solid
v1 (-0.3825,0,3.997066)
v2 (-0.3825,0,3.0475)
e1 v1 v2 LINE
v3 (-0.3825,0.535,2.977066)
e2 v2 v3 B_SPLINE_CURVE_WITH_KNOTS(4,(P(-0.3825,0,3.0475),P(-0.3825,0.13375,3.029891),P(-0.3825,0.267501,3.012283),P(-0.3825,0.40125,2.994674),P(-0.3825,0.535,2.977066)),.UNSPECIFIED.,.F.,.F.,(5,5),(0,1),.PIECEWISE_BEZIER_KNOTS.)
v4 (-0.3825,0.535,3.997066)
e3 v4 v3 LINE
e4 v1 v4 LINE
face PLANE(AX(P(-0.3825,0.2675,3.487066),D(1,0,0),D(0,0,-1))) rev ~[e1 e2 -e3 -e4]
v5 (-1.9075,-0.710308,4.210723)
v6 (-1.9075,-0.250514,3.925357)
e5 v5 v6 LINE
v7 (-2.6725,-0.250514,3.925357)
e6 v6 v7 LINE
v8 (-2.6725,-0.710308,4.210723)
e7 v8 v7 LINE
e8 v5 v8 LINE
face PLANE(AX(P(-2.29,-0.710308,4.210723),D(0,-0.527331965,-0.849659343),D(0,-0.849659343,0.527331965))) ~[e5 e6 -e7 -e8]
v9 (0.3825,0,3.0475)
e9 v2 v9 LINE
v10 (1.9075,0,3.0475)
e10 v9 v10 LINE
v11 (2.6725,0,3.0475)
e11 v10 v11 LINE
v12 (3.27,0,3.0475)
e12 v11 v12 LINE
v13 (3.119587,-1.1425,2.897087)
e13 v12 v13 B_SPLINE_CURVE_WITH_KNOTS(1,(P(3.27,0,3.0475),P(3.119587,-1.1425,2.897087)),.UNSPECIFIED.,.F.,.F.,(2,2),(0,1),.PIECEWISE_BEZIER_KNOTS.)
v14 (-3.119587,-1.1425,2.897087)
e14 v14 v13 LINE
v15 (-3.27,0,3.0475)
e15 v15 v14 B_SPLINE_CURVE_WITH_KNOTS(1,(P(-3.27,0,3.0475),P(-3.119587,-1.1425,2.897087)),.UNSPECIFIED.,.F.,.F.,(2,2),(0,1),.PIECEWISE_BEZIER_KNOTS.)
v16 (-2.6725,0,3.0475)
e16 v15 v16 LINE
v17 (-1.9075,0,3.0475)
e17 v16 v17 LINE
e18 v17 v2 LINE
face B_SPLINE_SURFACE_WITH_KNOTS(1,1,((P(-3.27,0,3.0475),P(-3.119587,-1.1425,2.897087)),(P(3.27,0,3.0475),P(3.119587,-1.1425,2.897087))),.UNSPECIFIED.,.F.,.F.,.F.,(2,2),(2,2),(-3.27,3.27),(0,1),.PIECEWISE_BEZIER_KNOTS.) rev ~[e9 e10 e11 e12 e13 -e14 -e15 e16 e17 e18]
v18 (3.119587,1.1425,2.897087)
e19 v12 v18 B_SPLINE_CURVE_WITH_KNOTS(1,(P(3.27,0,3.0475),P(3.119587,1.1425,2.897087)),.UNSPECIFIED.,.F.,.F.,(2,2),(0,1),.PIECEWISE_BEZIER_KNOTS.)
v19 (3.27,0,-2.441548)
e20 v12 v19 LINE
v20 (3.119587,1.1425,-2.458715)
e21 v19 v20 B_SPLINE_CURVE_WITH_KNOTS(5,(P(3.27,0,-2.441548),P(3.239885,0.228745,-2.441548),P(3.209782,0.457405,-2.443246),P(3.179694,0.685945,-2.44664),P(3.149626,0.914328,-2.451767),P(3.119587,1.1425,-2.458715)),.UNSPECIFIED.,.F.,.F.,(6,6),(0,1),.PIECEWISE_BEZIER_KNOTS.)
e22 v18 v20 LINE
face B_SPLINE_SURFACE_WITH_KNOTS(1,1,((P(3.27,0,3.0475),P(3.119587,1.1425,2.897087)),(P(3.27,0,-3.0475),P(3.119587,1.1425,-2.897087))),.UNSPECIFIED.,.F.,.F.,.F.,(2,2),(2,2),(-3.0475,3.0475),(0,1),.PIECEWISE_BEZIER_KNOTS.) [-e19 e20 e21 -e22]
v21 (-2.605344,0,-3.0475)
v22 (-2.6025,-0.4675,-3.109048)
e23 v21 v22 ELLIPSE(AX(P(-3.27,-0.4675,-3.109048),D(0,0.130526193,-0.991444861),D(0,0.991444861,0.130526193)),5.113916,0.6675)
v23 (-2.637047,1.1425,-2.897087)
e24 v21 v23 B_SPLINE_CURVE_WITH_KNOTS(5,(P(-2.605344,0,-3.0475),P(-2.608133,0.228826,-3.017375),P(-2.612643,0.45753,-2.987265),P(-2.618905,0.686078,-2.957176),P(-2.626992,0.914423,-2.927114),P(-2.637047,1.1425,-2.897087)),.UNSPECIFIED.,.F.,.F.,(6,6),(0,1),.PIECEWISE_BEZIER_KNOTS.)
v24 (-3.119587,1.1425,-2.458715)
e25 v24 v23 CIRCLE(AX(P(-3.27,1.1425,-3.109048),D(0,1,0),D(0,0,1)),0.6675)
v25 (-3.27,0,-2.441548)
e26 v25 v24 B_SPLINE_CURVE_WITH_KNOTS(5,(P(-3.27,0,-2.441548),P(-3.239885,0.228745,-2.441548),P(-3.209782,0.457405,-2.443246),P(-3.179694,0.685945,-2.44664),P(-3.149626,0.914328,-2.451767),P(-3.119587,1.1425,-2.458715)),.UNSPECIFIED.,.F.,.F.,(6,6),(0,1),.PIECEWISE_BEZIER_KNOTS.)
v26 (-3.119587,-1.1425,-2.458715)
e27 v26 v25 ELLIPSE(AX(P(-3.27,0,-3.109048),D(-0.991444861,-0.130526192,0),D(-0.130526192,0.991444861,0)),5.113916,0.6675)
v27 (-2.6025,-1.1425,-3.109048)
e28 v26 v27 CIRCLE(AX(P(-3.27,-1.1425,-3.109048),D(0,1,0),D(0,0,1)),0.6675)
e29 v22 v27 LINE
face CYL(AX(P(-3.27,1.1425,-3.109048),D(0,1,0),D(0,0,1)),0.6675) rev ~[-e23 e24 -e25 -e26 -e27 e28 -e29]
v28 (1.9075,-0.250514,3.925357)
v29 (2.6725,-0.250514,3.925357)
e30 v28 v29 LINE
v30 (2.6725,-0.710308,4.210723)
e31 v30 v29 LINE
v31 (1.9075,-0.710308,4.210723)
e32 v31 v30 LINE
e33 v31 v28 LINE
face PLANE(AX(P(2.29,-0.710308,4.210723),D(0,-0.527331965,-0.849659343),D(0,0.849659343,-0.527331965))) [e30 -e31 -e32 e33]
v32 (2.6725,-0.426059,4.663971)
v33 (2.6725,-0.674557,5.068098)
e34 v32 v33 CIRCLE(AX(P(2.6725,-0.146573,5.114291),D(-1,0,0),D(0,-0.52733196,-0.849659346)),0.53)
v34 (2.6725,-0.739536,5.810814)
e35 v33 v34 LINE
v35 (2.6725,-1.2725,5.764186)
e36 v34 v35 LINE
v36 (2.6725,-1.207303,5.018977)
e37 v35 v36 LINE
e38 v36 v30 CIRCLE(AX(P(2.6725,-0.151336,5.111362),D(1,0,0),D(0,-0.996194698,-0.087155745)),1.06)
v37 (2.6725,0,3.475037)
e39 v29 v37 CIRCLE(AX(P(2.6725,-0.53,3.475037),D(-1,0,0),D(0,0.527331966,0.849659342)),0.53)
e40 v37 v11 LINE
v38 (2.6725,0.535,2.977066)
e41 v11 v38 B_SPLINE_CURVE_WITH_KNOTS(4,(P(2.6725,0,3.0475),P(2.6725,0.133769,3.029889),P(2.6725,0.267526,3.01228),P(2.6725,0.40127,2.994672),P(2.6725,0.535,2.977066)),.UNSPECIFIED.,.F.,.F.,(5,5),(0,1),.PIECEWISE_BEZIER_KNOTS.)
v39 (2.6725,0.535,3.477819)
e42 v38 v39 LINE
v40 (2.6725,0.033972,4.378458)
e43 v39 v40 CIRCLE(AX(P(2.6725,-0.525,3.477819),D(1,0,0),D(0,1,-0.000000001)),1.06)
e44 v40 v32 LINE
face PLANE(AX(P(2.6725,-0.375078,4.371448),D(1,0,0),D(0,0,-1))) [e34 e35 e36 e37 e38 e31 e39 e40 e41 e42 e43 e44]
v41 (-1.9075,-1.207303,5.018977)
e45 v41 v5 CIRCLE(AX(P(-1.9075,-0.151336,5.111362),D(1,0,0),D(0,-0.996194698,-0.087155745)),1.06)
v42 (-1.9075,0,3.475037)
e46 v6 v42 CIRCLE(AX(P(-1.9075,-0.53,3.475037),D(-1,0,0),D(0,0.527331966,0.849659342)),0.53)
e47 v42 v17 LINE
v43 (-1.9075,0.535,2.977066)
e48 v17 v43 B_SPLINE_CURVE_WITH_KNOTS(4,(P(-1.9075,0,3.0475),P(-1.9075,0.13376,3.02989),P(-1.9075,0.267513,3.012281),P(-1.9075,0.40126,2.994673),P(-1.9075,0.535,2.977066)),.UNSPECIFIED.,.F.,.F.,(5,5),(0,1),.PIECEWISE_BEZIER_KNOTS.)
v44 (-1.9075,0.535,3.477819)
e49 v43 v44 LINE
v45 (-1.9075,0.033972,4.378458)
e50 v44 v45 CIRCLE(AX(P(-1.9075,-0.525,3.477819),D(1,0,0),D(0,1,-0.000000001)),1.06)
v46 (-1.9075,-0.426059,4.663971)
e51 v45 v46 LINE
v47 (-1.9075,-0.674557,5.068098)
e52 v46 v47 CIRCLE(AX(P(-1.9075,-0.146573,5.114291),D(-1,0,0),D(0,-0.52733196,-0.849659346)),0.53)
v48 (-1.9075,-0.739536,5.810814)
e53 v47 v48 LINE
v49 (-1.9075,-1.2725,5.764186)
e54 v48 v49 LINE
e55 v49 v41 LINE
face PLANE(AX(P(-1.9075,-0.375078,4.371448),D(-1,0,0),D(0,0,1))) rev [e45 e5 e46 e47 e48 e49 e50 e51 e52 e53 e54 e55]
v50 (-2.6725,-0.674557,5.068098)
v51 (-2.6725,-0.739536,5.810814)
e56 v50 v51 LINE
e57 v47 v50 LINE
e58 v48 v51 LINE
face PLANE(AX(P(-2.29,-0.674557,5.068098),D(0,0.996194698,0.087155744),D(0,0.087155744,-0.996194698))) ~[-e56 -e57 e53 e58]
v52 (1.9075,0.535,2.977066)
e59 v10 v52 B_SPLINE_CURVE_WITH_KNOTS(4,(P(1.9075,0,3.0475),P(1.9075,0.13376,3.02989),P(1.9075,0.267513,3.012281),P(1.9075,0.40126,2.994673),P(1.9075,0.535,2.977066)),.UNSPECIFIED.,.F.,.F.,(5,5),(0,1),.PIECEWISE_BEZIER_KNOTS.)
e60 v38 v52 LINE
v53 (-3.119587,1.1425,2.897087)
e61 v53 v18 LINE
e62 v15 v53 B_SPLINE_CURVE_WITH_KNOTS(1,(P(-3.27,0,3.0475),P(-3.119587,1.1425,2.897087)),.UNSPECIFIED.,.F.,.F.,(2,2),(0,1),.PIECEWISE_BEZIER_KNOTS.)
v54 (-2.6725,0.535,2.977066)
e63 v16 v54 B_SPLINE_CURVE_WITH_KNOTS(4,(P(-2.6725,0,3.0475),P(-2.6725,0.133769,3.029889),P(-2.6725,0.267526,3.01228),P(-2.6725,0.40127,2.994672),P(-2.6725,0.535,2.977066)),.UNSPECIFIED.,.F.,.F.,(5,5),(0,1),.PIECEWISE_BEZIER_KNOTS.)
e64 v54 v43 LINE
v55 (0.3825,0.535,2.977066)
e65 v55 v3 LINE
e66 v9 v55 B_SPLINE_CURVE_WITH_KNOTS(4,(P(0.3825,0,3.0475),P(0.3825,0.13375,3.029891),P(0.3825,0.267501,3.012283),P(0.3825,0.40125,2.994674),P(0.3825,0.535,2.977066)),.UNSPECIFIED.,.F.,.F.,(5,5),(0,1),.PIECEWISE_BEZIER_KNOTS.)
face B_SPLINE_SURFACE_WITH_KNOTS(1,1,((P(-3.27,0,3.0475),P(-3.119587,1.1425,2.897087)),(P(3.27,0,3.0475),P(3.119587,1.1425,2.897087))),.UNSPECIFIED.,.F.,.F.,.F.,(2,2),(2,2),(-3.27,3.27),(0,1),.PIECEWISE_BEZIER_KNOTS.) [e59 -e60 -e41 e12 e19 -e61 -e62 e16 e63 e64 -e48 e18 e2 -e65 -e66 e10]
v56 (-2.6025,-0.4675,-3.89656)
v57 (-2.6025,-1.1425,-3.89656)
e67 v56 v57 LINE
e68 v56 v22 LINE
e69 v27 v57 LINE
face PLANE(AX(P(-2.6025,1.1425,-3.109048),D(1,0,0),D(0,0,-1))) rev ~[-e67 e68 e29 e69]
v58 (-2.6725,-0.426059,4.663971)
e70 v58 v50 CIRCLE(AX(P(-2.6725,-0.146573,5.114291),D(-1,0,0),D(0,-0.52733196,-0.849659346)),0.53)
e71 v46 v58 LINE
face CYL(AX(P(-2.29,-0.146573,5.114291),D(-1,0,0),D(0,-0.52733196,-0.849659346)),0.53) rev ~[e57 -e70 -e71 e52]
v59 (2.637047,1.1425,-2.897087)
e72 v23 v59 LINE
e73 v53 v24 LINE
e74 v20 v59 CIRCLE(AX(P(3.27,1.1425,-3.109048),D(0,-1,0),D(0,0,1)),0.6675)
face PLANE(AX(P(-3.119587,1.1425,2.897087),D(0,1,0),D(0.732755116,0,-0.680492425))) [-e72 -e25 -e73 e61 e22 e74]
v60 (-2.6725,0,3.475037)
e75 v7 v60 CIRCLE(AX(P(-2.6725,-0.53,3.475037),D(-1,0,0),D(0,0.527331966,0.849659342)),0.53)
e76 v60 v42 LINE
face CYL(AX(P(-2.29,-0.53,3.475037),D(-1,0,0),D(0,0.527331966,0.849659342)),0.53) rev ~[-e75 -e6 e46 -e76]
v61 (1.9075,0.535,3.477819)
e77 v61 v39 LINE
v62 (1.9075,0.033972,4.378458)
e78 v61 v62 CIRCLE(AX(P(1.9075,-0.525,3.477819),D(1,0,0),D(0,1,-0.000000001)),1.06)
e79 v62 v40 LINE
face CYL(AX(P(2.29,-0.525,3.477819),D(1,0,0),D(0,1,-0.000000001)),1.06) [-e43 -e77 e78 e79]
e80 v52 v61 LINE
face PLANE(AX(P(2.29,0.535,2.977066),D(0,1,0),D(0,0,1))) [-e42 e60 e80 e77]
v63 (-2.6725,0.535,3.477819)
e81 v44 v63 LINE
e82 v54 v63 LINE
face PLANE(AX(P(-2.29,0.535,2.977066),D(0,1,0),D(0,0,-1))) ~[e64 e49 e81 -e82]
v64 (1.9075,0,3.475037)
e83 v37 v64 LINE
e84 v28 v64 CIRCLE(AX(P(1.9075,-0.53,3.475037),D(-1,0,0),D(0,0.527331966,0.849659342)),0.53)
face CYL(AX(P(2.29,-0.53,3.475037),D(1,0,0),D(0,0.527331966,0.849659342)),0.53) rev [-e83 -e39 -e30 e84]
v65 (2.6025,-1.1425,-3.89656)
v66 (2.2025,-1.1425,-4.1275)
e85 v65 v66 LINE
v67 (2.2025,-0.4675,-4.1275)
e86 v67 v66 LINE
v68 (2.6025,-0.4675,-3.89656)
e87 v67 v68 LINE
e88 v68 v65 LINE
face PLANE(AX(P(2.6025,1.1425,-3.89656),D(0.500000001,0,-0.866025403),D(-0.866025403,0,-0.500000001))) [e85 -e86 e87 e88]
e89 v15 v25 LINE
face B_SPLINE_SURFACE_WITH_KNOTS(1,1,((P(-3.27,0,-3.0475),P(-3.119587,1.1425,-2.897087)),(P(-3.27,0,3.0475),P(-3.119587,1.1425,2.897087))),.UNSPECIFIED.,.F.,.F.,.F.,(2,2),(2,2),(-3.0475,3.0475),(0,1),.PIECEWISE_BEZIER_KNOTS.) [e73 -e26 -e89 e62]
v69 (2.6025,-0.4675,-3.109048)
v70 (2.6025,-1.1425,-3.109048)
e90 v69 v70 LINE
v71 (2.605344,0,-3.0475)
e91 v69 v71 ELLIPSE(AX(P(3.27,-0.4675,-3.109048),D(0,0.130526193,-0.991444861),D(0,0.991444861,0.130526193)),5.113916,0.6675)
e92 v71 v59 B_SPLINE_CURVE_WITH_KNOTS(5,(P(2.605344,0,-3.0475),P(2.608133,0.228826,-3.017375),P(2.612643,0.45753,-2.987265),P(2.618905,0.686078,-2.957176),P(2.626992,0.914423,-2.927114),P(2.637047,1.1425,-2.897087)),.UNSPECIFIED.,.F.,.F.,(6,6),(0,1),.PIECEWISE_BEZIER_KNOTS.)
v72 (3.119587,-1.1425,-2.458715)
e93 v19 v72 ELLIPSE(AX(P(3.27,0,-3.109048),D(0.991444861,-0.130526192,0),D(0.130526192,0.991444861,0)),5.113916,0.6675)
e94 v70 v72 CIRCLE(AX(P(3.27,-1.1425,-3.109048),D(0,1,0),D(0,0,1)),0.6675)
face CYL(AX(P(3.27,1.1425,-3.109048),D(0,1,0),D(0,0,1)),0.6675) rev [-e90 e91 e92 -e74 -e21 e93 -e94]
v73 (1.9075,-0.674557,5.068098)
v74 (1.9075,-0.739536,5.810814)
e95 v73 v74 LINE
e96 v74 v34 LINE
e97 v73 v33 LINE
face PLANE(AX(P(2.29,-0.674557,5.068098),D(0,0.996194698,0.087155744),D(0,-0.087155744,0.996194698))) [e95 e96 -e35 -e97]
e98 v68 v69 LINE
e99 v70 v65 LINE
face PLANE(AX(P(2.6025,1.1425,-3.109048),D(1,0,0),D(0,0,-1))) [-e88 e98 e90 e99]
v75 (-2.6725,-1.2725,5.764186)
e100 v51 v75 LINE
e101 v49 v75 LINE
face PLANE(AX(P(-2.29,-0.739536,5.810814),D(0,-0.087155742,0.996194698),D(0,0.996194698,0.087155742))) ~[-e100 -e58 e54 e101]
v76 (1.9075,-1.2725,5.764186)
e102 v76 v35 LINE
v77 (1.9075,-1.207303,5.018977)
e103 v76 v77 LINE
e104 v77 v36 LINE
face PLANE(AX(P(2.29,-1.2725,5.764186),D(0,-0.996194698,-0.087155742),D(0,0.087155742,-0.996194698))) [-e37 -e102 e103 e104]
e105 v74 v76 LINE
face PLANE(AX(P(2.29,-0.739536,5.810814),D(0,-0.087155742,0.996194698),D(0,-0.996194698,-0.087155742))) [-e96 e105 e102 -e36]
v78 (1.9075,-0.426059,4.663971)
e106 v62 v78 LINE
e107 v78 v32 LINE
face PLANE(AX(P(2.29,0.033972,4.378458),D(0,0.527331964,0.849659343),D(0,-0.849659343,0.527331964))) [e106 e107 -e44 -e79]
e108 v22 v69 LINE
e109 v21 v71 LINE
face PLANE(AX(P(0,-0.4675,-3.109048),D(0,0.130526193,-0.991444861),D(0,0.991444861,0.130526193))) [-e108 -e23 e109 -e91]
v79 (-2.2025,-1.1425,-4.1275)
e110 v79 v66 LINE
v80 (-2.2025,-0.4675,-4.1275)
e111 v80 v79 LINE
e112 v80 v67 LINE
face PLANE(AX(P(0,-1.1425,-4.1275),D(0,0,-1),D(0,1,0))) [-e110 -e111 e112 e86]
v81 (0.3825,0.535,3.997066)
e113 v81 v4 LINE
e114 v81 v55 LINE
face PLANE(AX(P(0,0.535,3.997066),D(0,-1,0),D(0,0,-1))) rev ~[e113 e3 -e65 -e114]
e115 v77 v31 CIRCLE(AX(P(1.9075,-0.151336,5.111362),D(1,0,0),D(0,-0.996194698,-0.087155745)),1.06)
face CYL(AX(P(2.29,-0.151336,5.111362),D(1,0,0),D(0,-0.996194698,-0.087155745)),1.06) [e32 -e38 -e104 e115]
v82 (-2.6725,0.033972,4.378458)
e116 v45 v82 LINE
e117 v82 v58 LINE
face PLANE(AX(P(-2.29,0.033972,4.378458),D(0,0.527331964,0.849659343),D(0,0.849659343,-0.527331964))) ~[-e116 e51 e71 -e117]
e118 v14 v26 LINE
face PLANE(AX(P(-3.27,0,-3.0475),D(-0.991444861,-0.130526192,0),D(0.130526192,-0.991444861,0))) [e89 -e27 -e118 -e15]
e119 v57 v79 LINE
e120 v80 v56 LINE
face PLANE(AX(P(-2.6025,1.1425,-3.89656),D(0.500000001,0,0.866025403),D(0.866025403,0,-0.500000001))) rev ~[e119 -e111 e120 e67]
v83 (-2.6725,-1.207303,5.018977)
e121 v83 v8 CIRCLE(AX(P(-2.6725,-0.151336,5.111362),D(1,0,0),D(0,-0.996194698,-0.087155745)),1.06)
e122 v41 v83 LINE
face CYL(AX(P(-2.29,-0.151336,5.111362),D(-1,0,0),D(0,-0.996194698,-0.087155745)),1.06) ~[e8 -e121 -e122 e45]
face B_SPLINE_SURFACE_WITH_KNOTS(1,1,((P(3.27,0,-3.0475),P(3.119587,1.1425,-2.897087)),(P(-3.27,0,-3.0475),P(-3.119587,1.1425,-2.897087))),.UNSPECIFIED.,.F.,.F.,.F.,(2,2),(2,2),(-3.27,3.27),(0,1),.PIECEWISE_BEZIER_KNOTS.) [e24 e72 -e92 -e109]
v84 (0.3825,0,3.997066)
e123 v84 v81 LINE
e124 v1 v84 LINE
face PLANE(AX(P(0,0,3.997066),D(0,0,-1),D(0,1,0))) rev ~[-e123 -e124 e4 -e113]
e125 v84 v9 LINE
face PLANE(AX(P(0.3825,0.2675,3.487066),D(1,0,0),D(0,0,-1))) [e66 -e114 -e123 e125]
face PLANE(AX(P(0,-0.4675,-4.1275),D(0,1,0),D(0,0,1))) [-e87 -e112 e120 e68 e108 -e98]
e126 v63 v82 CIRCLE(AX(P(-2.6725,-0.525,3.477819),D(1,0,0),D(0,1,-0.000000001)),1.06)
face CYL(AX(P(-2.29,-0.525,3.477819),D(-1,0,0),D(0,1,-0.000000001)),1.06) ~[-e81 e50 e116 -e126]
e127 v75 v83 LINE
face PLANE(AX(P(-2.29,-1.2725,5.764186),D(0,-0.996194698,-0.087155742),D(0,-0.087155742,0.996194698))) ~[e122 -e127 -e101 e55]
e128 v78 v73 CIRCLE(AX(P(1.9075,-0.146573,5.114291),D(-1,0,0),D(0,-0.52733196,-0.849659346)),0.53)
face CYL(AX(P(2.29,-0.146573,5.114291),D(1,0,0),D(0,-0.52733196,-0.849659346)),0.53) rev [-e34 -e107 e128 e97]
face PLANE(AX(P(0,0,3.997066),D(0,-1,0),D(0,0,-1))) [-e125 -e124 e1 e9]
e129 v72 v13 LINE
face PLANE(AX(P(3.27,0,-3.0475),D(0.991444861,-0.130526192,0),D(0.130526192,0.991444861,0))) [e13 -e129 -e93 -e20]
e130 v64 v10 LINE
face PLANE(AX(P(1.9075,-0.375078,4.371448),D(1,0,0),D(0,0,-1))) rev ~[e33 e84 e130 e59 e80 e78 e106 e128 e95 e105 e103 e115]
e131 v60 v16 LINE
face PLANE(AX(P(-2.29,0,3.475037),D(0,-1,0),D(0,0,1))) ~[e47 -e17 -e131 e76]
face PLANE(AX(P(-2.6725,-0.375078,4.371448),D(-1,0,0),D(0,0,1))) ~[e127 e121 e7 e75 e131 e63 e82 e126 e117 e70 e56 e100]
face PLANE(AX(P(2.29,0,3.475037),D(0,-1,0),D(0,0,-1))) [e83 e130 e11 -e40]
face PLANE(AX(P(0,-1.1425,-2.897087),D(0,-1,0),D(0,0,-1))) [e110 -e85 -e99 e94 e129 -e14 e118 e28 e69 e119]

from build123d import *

# Parameters (mm, degrees)
SKETCH1_W                  = 6.54
SKETCH1_H                  = 6.095
EXTRUDE1_DEPTH             = 1.1425
EXTRUDE1_TAPER             = 7.5
EXTRUDE1_OTHER_WAY_DEPTH   = 1.1425
EXTRUDE1_OTHER_WAY_TAPER   = 7.5
EXTRUDE2_REACH             = 6.614
EXTRUDE2_DIRECTION_2_REACH = 6.614
CUT_EXTRUDE5_REACH         = 7.74
EXTRUDE5_DEPTH             = 0.3825
SKETCH29_W                 = 1.02
SKETCH29_H                 = 0.535
EXTRUDE6_DEPTH             = 0.3825


with BuildPart() as part:
    # Sketch1 → Extrude1 (new body)
    with BuildSketch(Plane(origin=(0, 0, 0), x_dir=(1, 0, 0), z_dir=(0, 1, 0))):
        Rectangle(SKETCH1_W, SKETCH1_H)
    extrude(amount=EXTRUDE1_DEPTH, taper=EXTRUDE1_TAPER)

    # Sketch1 → Extrude1 other way (add)
    with BuildSketch(Plane(origin=(0, 0, 0), x_dir=(1, 0, 0), z_dir=(0, 1, 0))):
        Rectangle(SKETCH1_W, SKETCH1_H)
    extrude(amount=-EXTRUDE1_OTHER_WAY_DEPTH, taper=EXTRUDE1_OTHER_WAY_TAPER)

    # Extrude2: up to this plane
    extrude2_end = Plane(origin=(3.27, 0, -3.0475), z_dir=(0.9914448613738104, -0.13052619222005188, 0))
    # Sketch2 → Extrude2 (add, up to the surface)
    with BuildSketch(Plane(origin=(0, 0, 0), x_dir=(0, 0, -1), z_dir=(1, 0, 0)), mode=Mode.PRIVATE) as extrude2_sk1:
        Polygon((3.0475, 0), (2.897087022, -1.1425), (4.1275, -1.1425), (4.1275, -0.4675), (3.109047543, -0.4675), align=None)
    extrude2_tool1 = split(extrude(extrude2_sk1.sketch, amount=EXTRUDE2_REACH, mode=Mode.PRIVATE), bisect_by=extrude2_end, keep=Keep.BOTH, mode=Mode.PRIVATE)
    add(extrude2_tool1.solids().sort_by_distance((0, -0.791952, -3.517345))[0])

    # Extrude2 direction 2: up to this plane
    extrude2_direction_2_end = Plane(origin=(-3.27, 0, -3.0475), z_dir=(-0.9914448613738104, -0.13052619222005188, 0))
    # Sketch2 → Extrude2 direction 2 (add, up to the surface)
    with BuildSketch(Plane(origin=(0, 0, 0), x_dir=(0, 0, -1), z_dir=(1, 0, 0)), mode=Mode.PRIVATE) as extrude2_direction_2_sk1:
        Polygon((3.0475, 0), (2.897087022, -1.1425), (4.1275, -1.1425), (4.1275, -0.4675), (3.109047543, -0.4675), align=None)
    extrude2_direction_2_tool1 = split(extrude(extrude2_direction_2_sk1.sketch, amount=-EXTRUDE2_DIRECTION_2_REACH, mode=Mode.PRIVATE), bisect_by=extrude2_direction_2_end, keep=Keep.BOTH, mode=Mode.PRIVATE)
    add(extrude2_direction_2_tool1.solids().sort_by_distance((0, -0.791952, -3.517345))[0])

    # Sketch27 → Cut-Extrude5 (cut, up to next)
    with BuildSketch(Plane(origin=(0, 1.1425, 0), x_dir=(1, 0, 0), z_dir=(0, 1, 0)), mode=Mode.PRIVATE) as cut_extrude5_sk1:
        with BuildLine():
            Line((2.6025, 3.109047543), (2.6025, 3.896559892))
            Line((2.6025, 3.896559892), (2.2025, 4.1275))
            Line((2.2025, 4.1275), (3.27, 4.1275))
            Line((3.27, 4.1275), (3.27, 2.441547543))
            ThreePointArc((3.27, 2.441547543), (2.798006224, 2.637053766), (2.6025, 3.109047543))
        make_face()
    cut_extrude5_tool1 = extrude(cut_extrude5_sk1.sketch, amount=-CUT_EXTRUDE5_REACH, mode=Mode.PRIVATE) & part.part
    # Sketch27 → Cut-Extrude5 (cut, up to next)
    with BuildSketch(Plane(origin=(0, 1.1425, 0), x_dir=(1, 0, 0), z_dir=(0, 1, 0)), mode=Mode.PRIVATE) as cut_extrude5_sk2:
        with BuildLine():
            Line((-2.6025, 3.896559892), (-2.2025, 4.1275))
            Line((-2.2025, 4.1275), (-3.27, 4.1275))
            Line((-3.27, 4.1275), (-3.27, 2.441547543))
            ThreePointArc((-3.27, 2.441547543), (-2.798006224, 2.637053766), (-2.6025, 3.109047543))
            Line((-2.6025, 3.109047543), (-2.6025, 3.896559892))
        make_face()
    cut_extrude5_tool2 = extrude(cut_extrude5_sk2.sketch, amount=-CUT_EXTRUDE5_REACH, mode=Mode.PRIVATE) & part.part
    add(cut_extrude5_tool1.solids().sort_by_distance((2.932609, 1.1425, -3.37907))[0], mode=Mode.SUBTRACT)
    add(cut_extrude5_tool2.solids().sort_by_distance((-2.932609, 1.1425, -3.37907))[0], mode=Mode.SUBTRACT)

    # Sketch28 → Extrude5 (add, symmetric)
    with BuildSketch(Plane(origin=(2.29, 0, 0), x_dir=(0, 0, -1), z_dir=(1, 0, 0))):
        with BuildLine():
            Line((-2.977065914, 0.535), (-3.477818827, 0.535))
            ThreePointArc((-3.477818827, 0.535), (-3.993129319, 0.401312635), (-4.378457731, 0.033971882))
            Line((-4.378457731, 0.033971882), (-4.663971185, -0.426059351))
            ThreePointArc((-4.663971185, -0.426059351), (-4.836678027, -0.598050142), (-5.068098093, -0.6745566))
            Line((-5.068098093, -0.6745566), (-5.810814161, -0.739535837))
            Line((-5.810814161, -0.739535837), (-5.764185839, -1.2725))
            Line((-5.764185839, -1.2725), (-5.018976864, -1.207302663))
            ThreePointArc((-5.018976864, -1.207302663), (-4.556136732, -1.054289745), (-4.210723048, -0.710308165))
            Line((-4.210723048, -0.710308165), (-3.925356764, -0.250514059))
            ThreePointArc((-3.925356764, -0.250514059), (-3.732692558, -0.066843683), (-3.475037312, 0))
            Line((-3.475037312, 0), (-2.977065914, 0))
            Line((-2.977065914, 0), (-2.977065914, 0.535))
        make_face()
    extrude5 = extrude(amount=EXTRUDE5_DEPTH, both=True)

    # Sketch29 → Extrude6 (add, symmetric)
    with BuildSketch(Plane(origin=(0, 0, 0), x_dir=(0, 0, -1), z_dir=(1, 0, 0))):
        with Locations((-3.487065914, 0.2675)):
            Rectangle(SKETCH29_W, SKETCH29_H)
    extrude(amount=EXTRUDE6_DEPTH, both=True)

    # Mirror1: Extrude5 across plane
    add(extrude5.mirror(Plane(origin=(0, 0, 0), x_dir=(0, 0, 1), z_dir=(1, 0, 0))))


solid = part.part
